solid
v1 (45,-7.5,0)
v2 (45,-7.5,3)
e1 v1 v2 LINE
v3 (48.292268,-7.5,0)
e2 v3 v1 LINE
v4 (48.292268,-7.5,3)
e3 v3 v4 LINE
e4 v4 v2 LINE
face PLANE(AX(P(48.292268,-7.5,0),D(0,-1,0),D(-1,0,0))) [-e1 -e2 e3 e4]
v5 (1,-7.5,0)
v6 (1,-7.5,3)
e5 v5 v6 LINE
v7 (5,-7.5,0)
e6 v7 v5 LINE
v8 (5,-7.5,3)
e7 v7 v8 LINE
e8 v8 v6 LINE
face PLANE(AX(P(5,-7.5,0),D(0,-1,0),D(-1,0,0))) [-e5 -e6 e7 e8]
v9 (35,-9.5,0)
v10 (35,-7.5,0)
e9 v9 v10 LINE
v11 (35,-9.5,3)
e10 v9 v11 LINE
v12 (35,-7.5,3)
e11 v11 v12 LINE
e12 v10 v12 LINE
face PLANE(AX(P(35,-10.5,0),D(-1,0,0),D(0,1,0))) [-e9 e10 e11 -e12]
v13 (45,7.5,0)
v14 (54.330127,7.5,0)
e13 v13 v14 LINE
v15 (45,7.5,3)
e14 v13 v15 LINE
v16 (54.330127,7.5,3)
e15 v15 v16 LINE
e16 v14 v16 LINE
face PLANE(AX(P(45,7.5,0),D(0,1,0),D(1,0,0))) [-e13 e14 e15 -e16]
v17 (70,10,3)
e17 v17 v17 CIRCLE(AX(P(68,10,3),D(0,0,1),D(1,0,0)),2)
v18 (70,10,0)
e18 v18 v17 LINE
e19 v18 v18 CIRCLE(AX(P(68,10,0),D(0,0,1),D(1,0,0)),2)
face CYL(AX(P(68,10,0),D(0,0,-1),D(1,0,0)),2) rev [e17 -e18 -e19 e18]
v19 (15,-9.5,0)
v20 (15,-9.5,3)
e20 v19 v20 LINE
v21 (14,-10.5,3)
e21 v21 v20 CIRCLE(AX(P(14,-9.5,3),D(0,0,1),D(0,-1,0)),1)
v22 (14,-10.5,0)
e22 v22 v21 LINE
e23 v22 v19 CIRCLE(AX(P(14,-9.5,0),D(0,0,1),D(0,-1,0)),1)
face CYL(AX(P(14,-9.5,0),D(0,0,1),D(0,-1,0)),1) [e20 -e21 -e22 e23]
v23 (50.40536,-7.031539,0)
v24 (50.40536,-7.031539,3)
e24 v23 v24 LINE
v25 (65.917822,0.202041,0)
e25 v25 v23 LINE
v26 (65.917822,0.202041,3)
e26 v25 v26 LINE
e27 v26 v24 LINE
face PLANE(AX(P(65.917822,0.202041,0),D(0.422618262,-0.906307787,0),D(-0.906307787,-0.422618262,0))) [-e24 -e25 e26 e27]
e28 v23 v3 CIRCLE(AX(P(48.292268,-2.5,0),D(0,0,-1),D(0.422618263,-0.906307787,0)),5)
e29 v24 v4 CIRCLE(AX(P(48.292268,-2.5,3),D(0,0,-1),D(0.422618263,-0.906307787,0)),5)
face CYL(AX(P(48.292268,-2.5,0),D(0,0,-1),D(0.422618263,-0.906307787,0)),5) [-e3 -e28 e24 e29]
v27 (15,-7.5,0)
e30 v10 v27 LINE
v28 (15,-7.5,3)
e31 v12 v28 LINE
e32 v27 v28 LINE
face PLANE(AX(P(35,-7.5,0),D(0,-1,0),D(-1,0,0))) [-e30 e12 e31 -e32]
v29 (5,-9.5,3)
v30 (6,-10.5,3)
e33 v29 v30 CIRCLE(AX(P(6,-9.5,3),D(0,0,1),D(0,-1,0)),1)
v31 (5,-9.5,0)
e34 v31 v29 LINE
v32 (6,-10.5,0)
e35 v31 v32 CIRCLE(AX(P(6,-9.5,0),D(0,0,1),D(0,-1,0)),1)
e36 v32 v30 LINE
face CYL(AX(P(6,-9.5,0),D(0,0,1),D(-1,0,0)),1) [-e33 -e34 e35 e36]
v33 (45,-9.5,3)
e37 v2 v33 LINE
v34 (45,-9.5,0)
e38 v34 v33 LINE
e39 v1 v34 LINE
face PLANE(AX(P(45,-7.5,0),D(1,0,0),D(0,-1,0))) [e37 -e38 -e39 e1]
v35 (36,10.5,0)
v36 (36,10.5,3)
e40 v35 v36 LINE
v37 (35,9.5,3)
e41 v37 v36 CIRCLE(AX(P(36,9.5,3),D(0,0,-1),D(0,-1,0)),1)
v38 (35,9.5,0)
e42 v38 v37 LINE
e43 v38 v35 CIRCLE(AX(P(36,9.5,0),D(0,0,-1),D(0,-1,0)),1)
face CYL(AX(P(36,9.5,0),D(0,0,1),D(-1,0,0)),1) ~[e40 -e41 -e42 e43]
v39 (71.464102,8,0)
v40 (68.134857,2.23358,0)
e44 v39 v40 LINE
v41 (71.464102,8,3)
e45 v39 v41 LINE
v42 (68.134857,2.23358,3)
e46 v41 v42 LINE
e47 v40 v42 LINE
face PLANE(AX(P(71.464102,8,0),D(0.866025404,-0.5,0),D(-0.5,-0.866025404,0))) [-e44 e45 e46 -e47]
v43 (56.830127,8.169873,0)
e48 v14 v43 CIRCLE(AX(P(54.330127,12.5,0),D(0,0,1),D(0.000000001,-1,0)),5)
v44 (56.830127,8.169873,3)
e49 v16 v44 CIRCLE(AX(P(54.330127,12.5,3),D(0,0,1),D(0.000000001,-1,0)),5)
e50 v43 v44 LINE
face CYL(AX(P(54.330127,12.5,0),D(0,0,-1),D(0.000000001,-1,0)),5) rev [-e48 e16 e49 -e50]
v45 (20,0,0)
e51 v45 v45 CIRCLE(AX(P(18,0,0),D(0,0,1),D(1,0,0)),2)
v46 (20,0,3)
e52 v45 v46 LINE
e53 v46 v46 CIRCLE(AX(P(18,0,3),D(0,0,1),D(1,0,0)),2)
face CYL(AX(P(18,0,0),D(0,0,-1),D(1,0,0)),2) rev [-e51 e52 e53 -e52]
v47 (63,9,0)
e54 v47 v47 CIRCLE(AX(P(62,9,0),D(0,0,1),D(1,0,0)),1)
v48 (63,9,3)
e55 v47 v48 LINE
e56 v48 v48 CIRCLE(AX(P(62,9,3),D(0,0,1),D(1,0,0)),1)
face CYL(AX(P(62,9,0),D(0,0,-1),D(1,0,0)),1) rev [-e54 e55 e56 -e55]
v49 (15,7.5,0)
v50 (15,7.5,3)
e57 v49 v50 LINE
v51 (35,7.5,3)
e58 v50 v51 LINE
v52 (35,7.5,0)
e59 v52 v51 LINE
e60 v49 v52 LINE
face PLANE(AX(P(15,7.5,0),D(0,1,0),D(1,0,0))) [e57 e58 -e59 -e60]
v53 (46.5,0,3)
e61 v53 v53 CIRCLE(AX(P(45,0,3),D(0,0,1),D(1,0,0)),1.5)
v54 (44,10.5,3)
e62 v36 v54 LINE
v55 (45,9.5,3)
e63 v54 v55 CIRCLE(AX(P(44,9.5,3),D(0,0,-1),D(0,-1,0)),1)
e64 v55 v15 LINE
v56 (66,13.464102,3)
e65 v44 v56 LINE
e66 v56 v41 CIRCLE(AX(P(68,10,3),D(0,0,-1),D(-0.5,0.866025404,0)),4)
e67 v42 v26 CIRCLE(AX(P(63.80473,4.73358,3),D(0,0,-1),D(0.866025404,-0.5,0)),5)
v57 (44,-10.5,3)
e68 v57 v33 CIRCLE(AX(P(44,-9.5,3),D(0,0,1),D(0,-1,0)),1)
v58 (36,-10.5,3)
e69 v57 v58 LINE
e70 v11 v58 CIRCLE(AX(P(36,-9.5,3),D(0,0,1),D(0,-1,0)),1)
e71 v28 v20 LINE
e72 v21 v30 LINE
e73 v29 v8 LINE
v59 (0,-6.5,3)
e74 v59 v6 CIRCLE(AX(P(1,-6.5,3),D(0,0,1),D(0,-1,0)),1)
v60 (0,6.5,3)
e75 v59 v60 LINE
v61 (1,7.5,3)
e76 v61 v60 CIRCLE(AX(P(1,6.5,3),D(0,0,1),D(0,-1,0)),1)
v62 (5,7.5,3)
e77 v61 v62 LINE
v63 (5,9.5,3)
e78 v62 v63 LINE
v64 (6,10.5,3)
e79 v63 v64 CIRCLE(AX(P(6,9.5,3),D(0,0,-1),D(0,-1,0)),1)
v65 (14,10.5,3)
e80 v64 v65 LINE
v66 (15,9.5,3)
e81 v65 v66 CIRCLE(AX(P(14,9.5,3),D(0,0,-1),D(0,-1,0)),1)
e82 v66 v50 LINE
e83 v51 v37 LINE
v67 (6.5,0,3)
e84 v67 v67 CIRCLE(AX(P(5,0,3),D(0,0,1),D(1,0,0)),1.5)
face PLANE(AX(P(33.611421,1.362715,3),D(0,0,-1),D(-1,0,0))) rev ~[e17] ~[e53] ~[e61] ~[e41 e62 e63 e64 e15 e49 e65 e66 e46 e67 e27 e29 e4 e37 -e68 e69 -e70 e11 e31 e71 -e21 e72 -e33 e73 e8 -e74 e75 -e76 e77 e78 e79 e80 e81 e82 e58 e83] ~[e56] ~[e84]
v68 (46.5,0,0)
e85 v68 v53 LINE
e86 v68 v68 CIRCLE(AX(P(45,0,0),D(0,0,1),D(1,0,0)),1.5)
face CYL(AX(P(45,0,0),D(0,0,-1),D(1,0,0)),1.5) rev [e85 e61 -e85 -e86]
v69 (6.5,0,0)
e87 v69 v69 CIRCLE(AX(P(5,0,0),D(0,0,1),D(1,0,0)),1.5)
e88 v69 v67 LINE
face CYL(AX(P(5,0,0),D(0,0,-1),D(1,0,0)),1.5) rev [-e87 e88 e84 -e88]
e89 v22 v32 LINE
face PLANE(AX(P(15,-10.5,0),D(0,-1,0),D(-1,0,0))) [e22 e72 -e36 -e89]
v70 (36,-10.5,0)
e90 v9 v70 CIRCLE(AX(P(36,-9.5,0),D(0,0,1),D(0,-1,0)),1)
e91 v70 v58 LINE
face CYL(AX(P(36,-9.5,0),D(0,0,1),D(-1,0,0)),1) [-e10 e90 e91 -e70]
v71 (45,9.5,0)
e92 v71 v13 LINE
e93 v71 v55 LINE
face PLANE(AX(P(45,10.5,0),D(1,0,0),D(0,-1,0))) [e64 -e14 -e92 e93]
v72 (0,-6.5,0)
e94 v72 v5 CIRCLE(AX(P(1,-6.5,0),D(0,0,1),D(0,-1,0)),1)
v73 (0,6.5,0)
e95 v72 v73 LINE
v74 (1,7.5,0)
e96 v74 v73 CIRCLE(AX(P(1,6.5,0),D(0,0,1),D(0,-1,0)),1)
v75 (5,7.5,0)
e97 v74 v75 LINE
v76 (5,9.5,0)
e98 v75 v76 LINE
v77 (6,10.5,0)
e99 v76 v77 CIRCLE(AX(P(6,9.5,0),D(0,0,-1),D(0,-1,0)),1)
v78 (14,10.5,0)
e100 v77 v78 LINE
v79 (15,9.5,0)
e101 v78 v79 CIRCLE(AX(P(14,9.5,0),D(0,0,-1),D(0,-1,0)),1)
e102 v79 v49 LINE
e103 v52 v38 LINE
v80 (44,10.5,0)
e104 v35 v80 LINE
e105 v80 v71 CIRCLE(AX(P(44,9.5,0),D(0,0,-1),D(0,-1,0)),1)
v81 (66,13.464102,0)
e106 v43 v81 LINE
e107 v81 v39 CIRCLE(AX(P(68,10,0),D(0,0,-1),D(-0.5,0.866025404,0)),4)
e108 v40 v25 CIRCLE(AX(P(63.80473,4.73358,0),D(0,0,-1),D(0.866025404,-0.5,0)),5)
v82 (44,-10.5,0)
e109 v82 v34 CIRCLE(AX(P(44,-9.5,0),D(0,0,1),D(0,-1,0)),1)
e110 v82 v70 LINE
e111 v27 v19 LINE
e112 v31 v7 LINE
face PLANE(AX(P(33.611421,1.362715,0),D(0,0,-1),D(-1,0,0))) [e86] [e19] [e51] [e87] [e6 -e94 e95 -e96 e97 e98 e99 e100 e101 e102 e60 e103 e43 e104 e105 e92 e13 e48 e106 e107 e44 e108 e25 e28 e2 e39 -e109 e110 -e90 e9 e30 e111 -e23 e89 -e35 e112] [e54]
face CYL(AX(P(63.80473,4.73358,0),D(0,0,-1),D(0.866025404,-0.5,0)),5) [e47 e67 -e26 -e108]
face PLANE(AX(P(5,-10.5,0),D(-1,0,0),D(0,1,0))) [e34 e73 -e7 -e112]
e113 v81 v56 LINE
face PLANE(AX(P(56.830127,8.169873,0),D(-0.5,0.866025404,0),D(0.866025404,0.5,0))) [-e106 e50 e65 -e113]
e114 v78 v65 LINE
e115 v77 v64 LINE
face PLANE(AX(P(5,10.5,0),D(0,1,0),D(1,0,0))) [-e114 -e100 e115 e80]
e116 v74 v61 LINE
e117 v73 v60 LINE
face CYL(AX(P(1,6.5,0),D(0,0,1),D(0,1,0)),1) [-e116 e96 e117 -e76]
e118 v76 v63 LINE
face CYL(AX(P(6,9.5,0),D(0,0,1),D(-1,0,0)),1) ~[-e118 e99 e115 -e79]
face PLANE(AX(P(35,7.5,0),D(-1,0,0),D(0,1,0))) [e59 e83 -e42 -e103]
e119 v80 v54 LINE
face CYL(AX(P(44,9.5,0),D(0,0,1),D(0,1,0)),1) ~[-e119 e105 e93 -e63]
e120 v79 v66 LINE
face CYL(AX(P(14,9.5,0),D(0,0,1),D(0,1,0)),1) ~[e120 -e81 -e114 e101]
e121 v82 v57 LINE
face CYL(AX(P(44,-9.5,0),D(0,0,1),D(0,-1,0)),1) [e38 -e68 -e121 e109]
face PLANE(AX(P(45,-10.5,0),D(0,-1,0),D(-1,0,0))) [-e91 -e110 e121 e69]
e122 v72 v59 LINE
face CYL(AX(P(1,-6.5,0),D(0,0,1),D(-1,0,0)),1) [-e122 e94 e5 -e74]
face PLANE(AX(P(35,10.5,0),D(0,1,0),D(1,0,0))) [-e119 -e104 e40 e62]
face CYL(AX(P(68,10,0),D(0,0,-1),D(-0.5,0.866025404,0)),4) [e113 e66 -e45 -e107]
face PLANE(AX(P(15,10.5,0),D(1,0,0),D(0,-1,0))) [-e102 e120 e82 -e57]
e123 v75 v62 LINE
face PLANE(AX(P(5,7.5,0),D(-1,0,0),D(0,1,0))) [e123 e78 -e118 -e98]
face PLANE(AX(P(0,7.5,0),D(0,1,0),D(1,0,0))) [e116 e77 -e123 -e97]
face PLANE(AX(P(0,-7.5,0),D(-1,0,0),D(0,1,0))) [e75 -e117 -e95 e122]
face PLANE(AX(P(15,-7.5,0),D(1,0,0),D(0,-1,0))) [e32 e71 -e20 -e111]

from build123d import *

# Parameters (mm, degrees)
SKETCH_1_R      = 2
SKETCH_1_R_2    = 1.5
SKETCH_1_R_3    = 1
EXTRUDE_1_DEPTH = 3
FILLET_1_R      = 1


with BuildPart() as part:
    # 草图1 → 凸台-拉伸1 (new body)
    with BuildSketch(Plane.XY):
        with BuildLine():
            Line((0, 7.5), (5, 7.5))
            Line((5, 7.5), (5, 10.5))
            Line((5, 10.5), (15, 10.5))
            Line((15, 10.5), (15, 7.5))
            Line((15, 7.5), (35, 7.5))
            Line((35, 7.5), (35, 10.5))
            Line((35, 10.5), (45, 10.5))
            Line((45, 10.5), (45, 7.5))
            Line((45, 7.5), (54.330127019, 7.5))
            ThreePointArc((54.330127019, 7.5), (55.624222244, 7.670370869), (56.830127019, 8.169872981))
            Line((56.830127019, 8.169872981), (66, 13.464101615))
            ThreePointArc((66, 13.464101615), (70.828427125, 12.828427125), (71.464101615, 8))
            Line((71.464101615, 8), (68.134857418, 2.2335799))
            ThreePointArc((68.134857418, 2.2335799), (67.182681437, 1.047193216), (65.917821708, 0.202040965))
            Line((65.917821708, 0.202040965), (50.405359552, -7.031538935))
            ThreePointArc((50.405359552, -7.031538935), (49.374466313, -7.381480036), (48.292268243, -7.5))
            Line((48.292268243, -7.5), (45, -7.5))
            Line((45, -7.5), (45, -10.5))
            Line((45, -10.5), (35, -10.5))
            Line((35, -10.5), (35, -7.5))
            Line((35, -7.5), (15, -7.5))
            Line((15, -7.5), (15, -10.5))
            Line((15, -10.5), (5, -10.5))
            Line((5, -10.5), (5, -7.5))
            Line((5, -7.5), (0, -7.5))
            Line((0, -7.5), (0, 7.5))
        make_face()
        with Locations((68, 10)):
            Circle(SKETCH_1_R, mode=Mode.SUBTRACT)
        with Locations((5, 0)):
            Circle(SKETCH_1_R_2, mode=Mode.SUBTRACT)
        with Locations((45, 0)):
            Circle(SKETCH_1_R_2, mode=Mode.SUBTRACT)
        with Locations((18, 0)):
            Circle(SKETCH_1_R, mode=Mode.SUBTRACT)
        with Locations((62, 9)):
            Circle(SKETCH_1_R_3, mode=Mode.SUBTRACT)
    extrude(amount=EXTRUDE_1_DEPTH)

    # 圆角1
    fillet_1_edges = [part.edges().sort_by_distance(p)[0] for p in [
        (0, 7.5, 1.5),
        (5, 10.5, 1.5),
        (15, 10.5, 1.5),
        (35, 10.5, 1.5),
        (45, 10.5, 1.5),
        (45, -10.5, 1.5),
        (35, -10.5, 1.5),
        (15, -10.5, 1.5),
        (5, -10.5, 1.5),
        (0, -7.5, 1.5),
    ]]
    fillet(fillet_1_edges, radius=FILLET_1_R)


solid = part.part
